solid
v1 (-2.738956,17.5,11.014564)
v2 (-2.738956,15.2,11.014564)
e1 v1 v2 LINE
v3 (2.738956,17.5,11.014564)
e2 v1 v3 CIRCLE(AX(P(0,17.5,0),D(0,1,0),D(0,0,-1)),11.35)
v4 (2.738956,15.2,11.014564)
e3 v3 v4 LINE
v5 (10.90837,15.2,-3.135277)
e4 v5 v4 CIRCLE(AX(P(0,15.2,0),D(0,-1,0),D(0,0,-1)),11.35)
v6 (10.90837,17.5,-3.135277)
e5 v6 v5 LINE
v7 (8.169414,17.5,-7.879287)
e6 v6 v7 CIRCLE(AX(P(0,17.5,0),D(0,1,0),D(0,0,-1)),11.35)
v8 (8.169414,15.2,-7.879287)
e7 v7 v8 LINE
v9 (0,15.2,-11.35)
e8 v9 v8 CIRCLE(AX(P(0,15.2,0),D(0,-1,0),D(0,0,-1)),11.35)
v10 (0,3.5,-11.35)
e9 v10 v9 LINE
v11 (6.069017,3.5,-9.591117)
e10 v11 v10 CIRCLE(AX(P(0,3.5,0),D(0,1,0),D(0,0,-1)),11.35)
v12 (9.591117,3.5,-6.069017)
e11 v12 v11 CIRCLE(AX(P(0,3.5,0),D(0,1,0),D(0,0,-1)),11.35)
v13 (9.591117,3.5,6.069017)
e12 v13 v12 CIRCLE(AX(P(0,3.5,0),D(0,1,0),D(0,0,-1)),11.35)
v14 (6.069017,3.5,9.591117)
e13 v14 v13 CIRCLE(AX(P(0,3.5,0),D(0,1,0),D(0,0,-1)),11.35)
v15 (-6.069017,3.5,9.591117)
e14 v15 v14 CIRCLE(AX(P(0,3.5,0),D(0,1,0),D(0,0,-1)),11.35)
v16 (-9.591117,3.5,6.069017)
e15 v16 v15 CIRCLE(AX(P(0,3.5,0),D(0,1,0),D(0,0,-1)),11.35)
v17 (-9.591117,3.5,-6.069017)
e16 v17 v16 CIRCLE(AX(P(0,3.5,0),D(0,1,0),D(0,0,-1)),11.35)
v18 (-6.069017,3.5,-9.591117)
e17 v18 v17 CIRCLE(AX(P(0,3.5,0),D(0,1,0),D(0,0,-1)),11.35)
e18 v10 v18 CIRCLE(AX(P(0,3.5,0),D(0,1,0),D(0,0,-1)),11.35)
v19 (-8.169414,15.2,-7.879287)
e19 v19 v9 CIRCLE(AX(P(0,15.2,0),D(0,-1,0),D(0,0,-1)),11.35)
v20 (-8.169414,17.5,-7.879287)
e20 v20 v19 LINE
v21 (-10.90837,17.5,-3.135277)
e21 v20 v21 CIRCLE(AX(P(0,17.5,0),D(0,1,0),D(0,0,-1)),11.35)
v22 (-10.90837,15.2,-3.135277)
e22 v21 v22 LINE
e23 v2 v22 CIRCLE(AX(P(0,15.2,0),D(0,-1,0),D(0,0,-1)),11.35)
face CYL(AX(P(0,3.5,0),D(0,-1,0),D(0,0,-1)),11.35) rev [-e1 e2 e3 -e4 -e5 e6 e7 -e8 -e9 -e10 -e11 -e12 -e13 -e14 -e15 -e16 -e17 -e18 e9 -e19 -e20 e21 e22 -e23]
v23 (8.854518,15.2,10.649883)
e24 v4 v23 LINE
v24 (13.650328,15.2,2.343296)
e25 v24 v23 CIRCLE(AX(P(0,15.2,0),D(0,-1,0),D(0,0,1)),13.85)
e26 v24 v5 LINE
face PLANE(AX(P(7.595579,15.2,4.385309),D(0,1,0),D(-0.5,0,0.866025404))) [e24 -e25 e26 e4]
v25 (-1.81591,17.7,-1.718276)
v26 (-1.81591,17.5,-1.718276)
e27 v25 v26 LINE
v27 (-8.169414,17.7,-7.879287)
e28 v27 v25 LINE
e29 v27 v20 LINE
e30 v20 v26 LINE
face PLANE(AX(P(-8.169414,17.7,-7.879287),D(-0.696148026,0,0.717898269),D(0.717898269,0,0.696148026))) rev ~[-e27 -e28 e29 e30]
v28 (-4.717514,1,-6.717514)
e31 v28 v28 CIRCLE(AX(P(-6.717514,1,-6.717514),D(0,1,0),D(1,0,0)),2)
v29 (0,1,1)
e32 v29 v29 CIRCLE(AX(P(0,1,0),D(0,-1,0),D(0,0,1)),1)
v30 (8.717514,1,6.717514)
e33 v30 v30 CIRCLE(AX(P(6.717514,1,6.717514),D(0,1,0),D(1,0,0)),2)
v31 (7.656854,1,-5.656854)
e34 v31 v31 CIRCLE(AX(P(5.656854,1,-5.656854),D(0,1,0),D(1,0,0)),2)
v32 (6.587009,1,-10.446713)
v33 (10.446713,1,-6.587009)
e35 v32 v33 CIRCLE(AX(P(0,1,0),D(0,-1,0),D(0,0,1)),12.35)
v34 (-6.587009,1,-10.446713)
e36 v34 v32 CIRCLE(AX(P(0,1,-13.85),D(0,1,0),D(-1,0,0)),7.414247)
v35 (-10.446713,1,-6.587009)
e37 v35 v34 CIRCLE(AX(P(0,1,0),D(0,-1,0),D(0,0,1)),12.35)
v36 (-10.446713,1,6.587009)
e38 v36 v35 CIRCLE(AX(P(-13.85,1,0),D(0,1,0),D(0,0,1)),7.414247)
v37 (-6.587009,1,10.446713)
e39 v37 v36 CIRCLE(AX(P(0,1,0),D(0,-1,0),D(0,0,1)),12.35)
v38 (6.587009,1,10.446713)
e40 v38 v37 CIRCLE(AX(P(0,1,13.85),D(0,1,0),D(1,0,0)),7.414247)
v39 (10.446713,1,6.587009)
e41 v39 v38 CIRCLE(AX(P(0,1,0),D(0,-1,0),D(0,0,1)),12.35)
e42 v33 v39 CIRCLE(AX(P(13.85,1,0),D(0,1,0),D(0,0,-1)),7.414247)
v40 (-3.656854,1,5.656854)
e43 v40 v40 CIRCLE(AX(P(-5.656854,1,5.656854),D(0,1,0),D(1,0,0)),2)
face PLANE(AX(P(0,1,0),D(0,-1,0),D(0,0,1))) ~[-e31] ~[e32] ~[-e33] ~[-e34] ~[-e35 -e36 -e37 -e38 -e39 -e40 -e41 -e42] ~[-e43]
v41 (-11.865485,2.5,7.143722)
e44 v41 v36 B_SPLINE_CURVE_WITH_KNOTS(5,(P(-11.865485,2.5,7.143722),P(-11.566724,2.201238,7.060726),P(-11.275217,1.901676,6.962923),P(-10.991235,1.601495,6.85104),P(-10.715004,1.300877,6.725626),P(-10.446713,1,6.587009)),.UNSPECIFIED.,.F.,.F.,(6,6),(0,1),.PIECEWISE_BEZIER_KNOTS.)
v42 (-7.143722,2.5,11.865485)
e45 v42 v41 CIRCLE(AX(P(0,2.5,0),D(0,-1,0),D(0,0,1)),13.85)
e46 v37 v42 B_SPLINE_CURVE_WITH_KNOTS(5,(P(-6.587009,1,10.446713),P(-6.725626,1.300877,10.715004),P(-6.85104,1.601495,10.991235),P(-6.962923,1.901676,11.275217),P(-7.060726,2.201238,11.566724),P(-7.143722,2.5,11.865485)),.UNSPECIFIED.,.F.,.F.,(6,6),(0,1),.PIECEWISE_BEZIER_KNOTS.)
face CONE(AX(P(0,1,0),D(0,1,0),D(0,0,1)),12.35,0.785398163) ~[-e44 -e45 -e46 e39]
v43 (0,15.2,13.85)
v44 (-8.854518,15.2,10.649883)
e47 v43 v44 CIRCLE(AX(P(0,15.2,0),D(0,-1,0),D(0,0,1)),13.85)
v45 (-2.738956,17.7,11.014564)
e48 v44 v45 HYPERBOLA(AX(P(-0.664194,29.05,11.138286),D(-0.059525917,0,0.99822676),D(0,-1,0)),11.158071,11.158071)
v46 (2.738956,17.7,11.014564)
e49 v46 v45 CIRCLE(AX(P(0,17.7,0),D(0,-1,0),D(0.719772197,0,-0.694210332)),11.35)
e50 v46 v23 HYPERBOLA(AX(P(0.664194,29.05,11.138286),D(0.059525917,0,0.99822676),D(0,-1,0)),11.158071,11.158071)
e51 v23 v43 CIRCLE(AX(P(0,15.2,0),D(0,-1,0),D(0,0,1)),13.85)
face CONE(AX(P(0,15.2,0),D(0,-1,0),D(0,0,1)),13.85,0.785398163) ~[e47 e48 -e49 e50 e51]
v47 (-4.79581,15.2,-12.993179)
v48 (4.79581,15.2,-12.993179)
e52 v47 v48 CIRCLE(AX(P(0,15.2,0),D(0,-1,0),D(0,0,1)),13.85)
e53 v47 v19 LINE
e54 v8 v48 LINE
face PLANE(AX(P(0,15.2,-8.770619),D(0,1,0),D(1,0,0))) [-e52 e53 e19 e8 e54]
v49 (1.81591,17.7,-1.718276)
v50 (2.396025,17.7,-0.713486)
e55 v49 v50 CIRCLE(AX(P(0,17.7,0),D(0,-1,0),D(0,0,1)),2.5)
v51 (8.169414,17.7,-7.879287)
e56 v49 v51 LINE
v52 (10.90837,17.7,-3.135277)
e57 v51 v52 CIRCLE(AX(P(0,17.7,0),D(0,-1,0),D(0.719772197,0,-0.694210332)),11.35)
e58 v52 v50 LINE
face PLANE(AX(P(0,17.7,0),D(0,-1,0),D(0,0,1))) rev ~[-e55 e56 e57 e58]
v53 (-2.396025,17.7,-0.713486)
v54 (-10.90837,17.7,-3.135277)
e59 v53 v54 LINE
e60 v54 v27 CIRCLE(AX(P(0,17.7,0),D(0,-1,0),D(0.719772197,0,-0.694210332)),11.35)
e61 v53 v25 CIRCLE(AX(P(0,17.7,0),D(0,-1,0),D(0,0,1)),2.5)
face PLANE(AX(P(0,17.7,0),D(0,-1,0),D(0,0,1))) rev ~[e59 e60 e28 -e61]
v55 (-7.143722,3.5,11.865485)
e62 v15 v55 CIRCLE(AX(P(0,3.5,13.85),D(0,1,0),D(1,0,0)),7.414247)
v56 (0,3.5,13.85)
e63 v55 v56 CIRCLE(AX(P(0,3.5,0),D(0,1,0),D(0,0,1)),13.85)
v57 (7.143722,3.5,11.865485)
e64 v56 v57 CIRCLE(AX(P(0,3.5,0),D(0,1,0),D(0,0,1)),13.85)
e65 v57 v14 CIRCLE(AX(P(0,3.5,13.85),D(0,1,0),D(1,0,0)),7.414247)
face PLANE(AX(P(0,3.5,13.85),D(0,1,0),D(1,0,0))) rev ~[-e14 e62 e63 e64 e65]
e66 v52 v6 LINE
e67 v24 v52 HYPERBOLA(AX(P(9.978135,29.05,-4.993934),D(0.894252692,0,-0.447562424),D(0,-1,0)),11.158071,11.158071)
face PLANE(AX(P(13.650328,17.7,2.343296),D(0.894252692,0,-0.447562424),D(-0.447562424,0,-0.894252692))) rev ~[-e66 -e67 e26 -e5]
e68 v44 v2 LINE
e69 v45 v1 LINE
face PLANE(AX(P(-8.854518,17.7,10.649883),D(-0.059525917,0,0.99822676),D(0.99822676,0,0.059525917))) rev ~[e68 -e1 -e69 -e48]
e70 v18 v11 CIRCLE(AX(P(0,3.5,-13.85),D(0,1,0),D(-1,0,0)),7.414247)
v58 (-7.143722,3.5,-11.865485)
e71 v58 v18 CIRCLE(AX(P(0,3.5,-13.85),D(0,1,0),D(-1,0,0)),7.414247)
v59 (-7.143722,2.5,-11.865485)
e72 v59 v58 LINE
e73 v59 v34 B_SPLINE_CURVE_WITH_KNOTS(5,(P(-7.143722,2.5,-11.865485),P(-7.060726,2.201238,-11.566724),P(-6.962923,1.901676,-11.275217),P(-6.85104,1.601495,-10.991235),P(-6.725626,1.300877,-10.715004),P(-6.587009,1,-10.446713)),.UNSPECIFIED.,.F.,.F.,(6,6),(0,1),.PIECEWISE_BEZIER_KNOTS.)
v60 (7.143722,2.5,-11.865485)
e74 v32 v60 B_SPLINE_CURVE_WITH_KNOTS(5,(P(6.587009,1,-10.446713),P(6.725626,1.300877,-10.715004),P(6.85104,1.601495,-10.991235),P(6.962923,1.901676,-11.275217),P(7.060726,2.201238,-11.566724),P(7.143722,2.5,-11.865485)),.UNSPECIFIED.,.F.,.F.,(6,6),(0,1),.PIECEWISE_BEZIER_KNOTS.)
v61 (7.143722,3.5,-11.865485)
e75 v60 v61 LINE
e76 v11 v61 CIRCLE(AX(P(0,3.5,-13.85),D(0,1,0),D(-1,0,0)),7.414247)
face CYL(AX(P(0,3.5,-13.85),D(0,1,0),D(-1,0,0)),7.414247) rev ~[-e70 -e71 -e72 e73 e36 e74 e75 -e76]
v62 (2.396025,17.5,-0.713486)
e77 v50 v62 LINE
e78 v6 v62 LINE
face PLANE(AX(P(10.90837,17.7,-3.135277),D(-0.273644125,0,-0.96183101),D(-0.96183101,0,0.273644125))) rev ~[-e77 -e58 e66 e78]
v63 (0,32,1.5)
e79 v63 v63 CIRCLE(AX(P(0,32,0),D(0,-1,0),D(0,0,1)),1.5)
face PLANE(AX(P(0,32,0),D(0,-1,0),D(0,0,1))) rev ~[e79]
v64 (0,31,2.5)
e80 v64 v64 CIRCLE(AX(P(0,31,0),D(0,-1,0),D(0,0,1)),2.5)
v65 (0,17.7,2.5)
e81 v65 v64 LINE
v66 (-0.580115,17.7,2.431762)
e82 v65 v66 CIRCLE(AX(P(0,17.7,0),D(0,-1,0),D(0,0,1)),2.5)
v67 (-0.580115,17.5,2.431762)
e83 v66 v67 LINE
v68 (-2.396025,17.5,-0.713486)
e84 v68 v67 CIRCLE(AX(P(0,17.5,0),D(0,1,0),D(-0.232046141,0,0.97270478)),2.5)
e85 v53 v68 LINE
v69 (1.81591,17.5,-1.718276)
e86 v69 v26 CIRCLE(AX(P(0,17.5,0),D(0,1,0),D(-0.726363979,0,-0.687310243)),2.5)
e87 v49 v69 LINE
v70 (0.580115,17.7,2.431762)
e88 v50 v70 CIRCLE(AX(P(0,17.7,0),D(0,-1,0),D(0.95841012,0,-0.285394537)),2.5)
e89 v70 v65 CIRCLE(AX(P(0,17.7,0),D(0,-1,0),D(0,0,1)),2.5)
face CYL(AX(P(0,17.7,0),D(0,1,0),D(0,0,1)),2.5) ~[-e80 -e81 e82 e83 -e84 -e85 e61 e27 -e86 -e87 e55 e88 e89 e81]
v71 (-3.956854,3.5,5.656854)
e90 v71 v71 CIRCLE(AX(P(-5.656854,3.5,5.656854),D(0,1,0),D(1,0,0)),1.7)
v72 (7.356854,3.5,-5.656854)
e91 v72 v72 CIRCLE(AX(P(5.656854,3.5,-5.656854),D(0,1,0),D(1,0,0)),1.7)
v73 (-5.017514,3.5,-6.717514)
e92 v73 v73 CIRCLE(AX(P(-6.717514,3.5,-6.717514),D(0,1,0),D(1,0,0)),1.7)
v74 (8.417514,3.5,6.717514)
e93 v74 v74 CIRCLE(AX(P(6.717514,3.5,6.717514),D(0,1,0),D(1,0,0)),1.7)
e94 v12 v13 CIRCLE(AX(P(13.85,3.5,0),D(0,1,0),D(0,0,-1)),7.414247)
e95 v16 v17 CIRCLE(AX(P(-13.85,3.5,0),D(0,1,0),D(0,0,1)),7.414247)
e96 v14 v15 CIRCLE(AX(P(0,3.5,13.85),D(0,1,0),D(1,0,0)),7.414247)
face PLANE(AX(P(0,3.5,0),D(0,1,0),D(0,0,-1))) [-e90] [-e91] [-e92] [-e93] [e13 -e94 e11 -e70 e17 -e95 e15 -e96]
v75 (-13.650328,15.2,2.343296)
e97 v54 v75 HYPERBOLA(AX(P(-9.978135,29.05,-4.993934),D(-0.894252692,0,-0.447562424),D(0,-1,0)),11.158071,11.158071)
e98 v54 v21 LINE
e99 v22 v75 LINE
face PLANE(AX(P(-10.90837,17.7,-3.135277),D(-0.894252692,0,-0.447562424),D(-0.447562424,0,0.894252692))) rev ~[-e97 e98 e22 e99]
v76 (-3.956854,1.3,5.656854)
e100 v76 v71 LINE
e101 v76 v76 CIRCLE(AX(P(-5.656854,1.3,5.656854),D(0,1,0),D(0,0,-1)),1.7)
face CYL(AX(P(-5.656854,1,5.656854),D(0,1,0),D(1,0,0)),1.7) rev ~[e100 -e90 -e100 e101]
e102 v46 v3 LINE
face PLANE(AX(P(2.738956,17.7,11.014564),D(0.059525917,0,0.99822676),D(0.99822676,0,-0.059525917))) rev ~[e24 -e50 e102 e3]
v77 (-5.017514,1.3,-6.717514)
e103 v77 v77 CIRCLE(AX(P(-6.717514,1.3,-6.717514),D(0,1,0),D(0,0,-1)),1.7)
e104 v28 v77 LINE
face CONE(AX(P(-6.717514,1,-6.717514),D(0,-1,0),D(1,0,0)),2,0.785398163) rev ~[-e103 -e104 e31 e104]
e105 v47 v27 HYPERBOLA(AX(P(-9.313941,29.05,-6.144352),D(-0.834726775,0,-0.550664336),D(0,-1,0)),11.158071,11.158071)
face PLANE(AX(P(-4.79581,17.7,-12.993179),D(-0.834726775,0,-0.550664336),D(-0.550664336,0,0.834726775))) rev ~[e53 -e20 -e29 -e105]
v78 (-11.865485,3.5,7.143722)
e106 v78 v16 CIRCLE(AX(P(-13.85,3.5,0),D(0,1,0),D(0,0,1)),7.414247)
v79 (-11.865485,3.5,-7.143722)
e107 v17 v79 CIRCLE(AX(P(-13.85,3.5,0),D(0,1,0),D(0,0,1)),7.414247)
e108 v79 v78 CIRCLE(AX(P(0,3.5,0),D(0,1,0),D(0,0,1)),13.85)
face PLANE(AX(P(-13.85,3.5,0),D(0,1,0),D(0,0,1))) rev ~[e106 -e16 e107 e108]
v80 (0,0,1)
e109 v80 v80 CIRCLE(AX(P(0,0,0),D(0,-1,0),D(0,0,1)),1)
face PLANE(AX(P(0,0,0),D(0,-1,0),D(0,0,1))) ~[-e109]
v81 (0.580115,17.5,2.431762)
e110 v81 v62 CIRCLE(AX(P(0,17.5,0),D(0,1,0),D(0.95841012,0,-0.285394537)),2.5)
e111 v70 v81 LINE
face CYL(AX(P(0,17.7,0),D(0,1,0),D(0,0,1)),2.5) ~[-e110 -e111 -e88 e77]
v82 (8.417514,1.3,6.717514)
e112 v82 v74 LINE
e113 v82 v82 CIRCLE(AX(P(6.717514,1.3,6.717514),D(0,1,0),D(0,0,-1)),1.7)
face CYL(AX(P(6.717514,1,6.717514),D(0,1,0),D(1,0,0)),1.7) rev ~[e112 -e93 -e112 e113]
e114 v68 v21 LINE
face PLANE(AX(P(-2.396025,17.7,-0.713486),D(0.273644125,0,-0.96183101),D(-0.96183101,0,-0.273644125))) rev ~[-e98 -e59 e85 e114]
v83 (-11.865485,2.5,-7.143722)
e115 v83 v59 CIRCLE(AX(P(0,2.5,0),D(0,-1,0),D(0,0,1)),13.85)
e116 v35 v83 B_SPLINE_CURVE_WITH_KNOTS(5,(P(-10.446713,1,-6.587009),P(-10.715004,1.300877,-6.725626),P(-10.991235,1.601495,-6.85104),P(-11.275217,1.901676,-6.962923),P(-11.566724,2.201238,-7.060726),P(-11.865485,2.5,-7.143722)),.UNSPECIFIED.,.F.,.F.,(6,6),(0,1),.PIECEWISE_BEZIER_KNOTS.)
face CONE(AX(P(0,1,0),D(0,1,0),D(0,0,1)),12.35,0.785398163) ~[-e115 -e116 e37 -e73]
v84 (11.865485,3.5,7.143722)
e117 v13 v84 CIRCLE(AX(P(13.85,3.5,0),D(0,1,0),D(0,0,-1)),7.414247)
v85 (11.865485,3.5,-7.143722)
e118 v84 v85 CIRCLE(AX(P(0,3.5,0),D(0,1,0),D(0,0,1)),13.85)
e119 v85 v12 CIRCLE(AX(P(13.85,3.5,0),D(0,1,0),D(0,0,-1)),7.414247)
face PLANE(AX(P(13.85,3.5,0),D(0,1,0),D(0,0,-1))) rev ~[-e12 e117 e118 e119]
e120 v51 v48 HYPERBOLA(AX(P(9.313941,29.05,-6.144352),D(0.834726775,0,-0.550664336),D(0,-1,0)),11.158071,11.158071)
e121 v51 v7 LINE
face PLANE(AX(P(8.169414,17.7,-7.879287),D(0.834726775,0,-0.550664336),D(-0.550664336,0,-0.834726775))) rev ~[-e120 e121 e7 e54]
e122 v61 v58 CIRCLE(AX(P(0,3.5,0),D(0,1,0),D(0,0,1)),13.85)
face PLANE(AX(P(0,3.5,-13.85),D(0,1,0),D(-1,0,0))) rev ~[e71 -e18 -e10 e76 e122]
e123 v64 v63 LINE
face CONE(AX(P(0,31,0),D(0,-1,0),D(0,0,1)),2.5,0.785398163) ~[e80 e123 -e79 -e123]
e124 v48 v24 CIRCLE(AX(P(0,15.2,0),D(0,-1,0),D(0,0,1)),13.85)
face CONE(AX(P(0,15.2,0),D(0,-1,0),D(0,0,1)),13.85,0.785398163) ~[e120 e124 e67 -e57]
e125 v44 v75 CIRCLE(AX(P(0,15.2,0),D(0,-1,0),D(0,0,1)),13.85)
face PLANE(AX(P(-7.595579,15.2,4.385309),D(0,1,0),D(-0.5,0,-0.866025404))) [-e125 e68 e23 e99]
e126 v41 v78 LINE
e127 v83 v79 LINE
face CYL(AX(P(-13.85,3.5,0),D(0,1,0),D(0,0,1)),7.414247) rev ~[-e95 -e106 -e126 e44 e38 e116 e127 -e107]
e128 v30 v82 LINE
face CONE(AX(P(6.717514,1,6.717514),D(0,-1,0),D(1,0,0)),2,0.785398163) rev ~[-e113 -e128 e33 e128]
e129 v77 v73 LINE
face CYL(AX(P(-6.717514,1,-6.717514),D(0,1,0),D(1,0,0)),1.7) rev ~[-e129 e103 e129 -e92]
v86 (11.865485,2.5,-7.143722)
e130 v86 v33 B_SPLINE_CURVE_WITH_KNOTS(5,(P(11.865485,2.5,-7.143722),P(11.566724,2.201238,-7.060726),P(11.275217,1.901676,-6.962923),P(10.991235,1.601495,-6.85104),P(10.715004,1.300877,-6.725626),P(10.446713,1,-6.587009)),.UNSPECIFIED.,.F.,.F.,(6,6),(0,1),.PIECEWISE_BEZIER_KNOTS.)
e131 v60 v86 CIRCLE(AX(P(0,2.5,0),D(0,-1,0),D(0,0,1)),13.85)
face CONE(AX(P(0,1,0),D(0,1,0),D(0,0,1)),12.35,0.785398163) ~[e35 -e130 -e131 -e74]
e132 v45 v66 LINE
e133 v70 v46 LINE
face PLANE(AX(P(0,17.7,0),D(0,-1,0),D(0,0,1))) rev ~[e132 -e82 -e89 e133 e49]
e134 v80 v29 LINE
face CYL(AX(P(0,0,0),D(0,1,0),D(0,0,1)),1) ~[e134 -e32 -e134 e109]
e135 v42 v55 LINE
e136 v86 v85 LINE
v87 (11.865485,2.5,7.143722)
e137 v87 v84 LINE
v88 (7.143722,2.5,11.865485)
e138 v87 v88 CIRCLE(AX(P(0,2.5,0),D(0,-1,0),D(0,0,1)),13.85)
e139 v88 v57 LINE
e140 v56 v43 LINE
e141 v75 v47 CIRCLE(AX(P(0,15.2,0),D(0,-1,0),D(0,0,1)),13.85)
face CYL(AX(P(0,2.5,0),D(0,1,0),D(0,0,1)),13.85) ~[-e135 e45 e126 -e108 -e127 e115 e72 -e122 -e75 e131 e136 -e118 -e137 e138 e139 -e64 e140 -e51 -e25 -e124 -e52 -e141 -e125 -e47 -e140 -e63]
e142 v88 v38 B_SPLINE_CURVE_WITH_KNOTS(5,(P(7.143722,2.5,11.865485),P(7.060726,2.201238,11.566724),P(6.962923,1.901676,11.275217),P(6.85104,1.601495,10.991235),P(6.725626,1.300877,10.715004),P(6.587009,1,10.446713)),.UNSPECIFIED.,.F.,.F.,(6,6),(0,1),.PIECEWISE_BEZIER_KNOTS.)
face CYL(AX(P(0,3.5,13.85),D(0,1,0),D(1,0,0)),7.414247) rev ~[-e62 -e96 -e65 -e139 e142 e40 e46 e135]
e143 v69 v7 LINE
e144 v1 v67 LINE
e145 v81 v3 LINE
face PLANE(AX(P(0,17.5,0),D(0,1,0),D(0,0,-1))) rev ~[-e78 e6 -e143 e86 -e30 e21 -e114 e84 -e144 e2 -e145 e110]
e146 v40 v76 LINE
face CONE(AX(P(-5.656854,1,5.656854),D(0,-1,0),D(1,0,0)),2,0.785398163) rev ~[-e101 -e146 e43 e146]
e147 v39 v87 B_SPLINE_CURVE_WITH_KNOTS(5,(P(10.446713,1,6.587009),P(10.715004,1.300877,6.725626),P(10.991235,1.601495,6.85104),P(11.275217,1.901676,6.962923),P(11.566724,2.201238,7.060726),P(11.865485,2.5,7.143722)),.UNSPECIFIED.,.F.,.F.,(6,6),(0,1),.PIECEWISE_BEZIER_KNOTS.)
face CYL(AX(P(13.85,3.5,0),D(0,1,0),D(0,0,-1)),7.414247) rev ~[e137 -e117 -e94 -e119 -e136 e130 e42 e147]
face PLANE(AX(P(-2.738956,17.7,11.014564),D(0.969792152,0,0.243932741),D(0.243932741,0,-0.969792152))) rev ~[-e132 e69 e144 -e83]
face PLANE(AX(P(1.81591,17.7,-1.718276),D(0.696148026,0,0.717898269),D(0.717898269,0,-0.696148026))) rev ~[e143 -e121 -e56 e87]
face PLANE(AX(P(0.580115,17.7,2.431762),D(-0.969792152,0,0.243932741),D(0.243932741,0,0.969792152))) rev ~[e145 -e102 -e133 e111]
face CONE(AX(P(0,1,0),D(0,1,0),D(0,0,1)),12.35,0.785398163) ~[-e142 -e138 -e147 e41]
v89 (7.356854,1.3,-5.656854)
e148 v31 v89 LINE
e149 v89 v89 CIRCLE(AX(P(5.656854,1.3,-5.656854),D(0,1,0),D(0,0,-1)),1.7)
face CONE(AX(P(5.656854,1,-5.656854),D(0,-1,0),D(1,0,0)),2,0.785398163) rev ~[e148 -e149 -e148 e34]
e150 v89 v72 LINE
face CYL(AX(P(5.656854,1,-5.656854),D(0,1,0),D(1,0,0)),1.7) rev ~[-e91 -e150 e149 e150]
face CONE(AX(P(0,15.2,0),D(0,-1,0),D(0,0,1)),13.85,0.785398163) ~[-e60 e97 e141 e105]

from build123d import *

# Parameters (mm, degrees)
SKETCH2_R                                     = 11.35
CUT_EXTRUDE1_DEPTH                            = 14
SKETCH3_R                                     = 7.414246795
CUT_EXTRUDE2_DEPTH                            = 35.581714822
CIRPATTERN1_COUNT                             = 4
CSK_FOR_M3_COUNTERSUNK_FLAT_HEAD1_D           = 3.4
CSK_FOR_M3_COUNTERSUNK_FLAT_HEAD1_DEPTH       = 2.5
CSK_FOR_M3_COUNTERSUNK_FLAT_HEAD1_CSINK_D     = 4
CSK_FOR_M3_COUNTERSUNK_FLAT_HEAD1_CSINK_ANGLE = 90
CSK_FOR_M3_COUNTERSUNK_FLAT_HEAD3_D           = 3.4
CSK_FOR_M3_COUNTERSUNK_FLAT_HEAD3_DEPTH       = 2.5
CSK_FOR_M3_COUNTERSUNK_FLAT_HEAD3_CSINK_D     = 4
CSK_FOR_M3_COUNTERSUNK_FLAT_HEAD3_CSINK_ANGLE = 90
CUT_EXTRUDE4_DEPTH                            = 2.5
CIRPATTERN2_COUNT                             = 3


with BuildPart() as part:
    # Sketch1 → Revolve1 (revolve)
    with BuildSketch(Plane.XY, mode=Mode.PRIVATE) as revolve1_sk:
        Polygon((0, 0), (-1, 0), (-1, 1), (-12.35, 1), (-13.85, 2.5), (-13.85, 15.2), (-11.35, 17.7), (-2.5, 17.7), (-2.5, 31), (-1.5, 32), (0, 32), align=None)
    revolve(revolve1_sk.sketch.rotate(Axis((0, 41.020495061, 0), (0, -1, 0)), 270), axis=Axis((0, 41.020495061, 0), (0, -1, 0)))

    # Sketch2 → Cut-Extrude1 (cut)
    with BuildSketch(Plane(origin=(0, 3.5, 0), x_dir=(1, 0, 0), z_dir=(0, 1, 0))):
        with Locations(Location((0, 0, 0), (0, 0, 90))):
            Circle(SKETCH2_R)
    extrude(amount=CUT_EXTRUDE1_DEPTH, mode=Mode.SUBTRACT)

    # Sketch3 → Cut-Extrude2 (cut, through all)
    with BuildSketch(Plane(origin=(0, 3.5, 0), x_dir=(1, 0, 0), z_dir=(0, 1, 0))):
        with Locations((0, -13.85)):
            Circle(SKETCH3_R)
    cut_extrude2 = extrude(amount=-CUT_EXTRUDE2_DEPTH, mode=Mode.SUBTRACT)

    # CirPattern1: Cut-Extrude2 ×4 about axis
    cirpattern1_axis = Axis((0, 0, 0), (0, 1, 0))
    for i in range(1, CIRPATTERN1_COUNT):
        add(cut_extrude2.rotate(cirpattern1_axis, i * 360 / CIRPATTERN1_COUNT), mode=Mode.SUBTRACT)

    # CSK for M3 Countersunk Flat Head1
    with Locations(Plane(origin=(0, 1, 0), x_dir=(-1, 0, 0), z_dir=(0, -1, 0))):
        with Locations((5.656854249, -5.656854249), (-5.656854249, 5.656854249)):
            CounterSinkHole(CSK_FOR_M3_COUNTERSUNK_FLAT_HEAD1_D / 2, CSK_FOR_M3_COUNTERSUNK_FLAT_HEAD1_CSINK_D / 2, depth=CSK_FOR_M3_COUNTERSUNK_FLAT_HEAD1_DEPTH, counter_sink_angle=CSK_FOR_M3_COUNTERSUNK_FLAT_HEAD1_CSINK_ANGLE)

    # CSK for M3 Countersunk Flat Head3
    with Locations(Plane(origin=(0, 1, 0), x_dir=(-1, 0, 0), z_dir=(0, -1, 0))):
        with Locations((6.717514421, 6.717514421), (-6.717514421, -6.717514421)):
            CounterSinkHole(CSK_FOR_M3_COUNTERSUNK_FLAT_HEAD3_D / 2, CSK_FOR_M3_COUNTERSUNK_FLAT_HEAD3_CSINK_D / 2, depth=CSK_FOR_M3_COUNTERSUNK_FLAT_HEAD3_DEPTH, counter_sink_angle=CSK_FOR_M3_COUNTERSUNK_FLAT_HEAD3_CSINK_ANGLE)

    # Sketch16 → Cut-Extrude4 (cut)
    with BuildSketch(Plane(origin=(0, 17.7, 0), x_dir=(1, 0, 0), z_dir=(0, 1, 0))):
        with BuildLine():
            Line((-4.79581004, 12.993179213), (-8.169414432, 7.879287267))
            Line((-8.169414432, 7.879287267), (-1.815909947, 1.718275607))
            ThreePointArc((-1.815909947, 1.718275607), (0, 2.5), (1.815909947, 1.718275607))
            Line((1.815909947, 1.718275607), (8.169414432, 7.879287267))
            Line((8.169414432, 7.879287267), (4.79581004, 12.993179213))
            Line((4.79581004, 12.993179213), (0, 16.897060704))
            Line((0, 16.897060704), (-4.79581004, 12.993179213))
        make_face()
    cut_extrude4 = extrude(amount=-CUT_EXTRUDE4_DEPTH, mode=Mode.SUBTRACT)

    # CirPattern2: Cut-Extrude4 ×3 about axis
    cirpattern2_axis = Axis((0, 0, 0), (0, 1, 0))
    for i in range(1, CIRPATTERN2_COUNT):
        add(cut_extrude4.rotate(cirpattern2_axis, i * 360 / CIRPATTERN2_COUNT), mode=Mode.SUBTRACT)


solid = part.part
